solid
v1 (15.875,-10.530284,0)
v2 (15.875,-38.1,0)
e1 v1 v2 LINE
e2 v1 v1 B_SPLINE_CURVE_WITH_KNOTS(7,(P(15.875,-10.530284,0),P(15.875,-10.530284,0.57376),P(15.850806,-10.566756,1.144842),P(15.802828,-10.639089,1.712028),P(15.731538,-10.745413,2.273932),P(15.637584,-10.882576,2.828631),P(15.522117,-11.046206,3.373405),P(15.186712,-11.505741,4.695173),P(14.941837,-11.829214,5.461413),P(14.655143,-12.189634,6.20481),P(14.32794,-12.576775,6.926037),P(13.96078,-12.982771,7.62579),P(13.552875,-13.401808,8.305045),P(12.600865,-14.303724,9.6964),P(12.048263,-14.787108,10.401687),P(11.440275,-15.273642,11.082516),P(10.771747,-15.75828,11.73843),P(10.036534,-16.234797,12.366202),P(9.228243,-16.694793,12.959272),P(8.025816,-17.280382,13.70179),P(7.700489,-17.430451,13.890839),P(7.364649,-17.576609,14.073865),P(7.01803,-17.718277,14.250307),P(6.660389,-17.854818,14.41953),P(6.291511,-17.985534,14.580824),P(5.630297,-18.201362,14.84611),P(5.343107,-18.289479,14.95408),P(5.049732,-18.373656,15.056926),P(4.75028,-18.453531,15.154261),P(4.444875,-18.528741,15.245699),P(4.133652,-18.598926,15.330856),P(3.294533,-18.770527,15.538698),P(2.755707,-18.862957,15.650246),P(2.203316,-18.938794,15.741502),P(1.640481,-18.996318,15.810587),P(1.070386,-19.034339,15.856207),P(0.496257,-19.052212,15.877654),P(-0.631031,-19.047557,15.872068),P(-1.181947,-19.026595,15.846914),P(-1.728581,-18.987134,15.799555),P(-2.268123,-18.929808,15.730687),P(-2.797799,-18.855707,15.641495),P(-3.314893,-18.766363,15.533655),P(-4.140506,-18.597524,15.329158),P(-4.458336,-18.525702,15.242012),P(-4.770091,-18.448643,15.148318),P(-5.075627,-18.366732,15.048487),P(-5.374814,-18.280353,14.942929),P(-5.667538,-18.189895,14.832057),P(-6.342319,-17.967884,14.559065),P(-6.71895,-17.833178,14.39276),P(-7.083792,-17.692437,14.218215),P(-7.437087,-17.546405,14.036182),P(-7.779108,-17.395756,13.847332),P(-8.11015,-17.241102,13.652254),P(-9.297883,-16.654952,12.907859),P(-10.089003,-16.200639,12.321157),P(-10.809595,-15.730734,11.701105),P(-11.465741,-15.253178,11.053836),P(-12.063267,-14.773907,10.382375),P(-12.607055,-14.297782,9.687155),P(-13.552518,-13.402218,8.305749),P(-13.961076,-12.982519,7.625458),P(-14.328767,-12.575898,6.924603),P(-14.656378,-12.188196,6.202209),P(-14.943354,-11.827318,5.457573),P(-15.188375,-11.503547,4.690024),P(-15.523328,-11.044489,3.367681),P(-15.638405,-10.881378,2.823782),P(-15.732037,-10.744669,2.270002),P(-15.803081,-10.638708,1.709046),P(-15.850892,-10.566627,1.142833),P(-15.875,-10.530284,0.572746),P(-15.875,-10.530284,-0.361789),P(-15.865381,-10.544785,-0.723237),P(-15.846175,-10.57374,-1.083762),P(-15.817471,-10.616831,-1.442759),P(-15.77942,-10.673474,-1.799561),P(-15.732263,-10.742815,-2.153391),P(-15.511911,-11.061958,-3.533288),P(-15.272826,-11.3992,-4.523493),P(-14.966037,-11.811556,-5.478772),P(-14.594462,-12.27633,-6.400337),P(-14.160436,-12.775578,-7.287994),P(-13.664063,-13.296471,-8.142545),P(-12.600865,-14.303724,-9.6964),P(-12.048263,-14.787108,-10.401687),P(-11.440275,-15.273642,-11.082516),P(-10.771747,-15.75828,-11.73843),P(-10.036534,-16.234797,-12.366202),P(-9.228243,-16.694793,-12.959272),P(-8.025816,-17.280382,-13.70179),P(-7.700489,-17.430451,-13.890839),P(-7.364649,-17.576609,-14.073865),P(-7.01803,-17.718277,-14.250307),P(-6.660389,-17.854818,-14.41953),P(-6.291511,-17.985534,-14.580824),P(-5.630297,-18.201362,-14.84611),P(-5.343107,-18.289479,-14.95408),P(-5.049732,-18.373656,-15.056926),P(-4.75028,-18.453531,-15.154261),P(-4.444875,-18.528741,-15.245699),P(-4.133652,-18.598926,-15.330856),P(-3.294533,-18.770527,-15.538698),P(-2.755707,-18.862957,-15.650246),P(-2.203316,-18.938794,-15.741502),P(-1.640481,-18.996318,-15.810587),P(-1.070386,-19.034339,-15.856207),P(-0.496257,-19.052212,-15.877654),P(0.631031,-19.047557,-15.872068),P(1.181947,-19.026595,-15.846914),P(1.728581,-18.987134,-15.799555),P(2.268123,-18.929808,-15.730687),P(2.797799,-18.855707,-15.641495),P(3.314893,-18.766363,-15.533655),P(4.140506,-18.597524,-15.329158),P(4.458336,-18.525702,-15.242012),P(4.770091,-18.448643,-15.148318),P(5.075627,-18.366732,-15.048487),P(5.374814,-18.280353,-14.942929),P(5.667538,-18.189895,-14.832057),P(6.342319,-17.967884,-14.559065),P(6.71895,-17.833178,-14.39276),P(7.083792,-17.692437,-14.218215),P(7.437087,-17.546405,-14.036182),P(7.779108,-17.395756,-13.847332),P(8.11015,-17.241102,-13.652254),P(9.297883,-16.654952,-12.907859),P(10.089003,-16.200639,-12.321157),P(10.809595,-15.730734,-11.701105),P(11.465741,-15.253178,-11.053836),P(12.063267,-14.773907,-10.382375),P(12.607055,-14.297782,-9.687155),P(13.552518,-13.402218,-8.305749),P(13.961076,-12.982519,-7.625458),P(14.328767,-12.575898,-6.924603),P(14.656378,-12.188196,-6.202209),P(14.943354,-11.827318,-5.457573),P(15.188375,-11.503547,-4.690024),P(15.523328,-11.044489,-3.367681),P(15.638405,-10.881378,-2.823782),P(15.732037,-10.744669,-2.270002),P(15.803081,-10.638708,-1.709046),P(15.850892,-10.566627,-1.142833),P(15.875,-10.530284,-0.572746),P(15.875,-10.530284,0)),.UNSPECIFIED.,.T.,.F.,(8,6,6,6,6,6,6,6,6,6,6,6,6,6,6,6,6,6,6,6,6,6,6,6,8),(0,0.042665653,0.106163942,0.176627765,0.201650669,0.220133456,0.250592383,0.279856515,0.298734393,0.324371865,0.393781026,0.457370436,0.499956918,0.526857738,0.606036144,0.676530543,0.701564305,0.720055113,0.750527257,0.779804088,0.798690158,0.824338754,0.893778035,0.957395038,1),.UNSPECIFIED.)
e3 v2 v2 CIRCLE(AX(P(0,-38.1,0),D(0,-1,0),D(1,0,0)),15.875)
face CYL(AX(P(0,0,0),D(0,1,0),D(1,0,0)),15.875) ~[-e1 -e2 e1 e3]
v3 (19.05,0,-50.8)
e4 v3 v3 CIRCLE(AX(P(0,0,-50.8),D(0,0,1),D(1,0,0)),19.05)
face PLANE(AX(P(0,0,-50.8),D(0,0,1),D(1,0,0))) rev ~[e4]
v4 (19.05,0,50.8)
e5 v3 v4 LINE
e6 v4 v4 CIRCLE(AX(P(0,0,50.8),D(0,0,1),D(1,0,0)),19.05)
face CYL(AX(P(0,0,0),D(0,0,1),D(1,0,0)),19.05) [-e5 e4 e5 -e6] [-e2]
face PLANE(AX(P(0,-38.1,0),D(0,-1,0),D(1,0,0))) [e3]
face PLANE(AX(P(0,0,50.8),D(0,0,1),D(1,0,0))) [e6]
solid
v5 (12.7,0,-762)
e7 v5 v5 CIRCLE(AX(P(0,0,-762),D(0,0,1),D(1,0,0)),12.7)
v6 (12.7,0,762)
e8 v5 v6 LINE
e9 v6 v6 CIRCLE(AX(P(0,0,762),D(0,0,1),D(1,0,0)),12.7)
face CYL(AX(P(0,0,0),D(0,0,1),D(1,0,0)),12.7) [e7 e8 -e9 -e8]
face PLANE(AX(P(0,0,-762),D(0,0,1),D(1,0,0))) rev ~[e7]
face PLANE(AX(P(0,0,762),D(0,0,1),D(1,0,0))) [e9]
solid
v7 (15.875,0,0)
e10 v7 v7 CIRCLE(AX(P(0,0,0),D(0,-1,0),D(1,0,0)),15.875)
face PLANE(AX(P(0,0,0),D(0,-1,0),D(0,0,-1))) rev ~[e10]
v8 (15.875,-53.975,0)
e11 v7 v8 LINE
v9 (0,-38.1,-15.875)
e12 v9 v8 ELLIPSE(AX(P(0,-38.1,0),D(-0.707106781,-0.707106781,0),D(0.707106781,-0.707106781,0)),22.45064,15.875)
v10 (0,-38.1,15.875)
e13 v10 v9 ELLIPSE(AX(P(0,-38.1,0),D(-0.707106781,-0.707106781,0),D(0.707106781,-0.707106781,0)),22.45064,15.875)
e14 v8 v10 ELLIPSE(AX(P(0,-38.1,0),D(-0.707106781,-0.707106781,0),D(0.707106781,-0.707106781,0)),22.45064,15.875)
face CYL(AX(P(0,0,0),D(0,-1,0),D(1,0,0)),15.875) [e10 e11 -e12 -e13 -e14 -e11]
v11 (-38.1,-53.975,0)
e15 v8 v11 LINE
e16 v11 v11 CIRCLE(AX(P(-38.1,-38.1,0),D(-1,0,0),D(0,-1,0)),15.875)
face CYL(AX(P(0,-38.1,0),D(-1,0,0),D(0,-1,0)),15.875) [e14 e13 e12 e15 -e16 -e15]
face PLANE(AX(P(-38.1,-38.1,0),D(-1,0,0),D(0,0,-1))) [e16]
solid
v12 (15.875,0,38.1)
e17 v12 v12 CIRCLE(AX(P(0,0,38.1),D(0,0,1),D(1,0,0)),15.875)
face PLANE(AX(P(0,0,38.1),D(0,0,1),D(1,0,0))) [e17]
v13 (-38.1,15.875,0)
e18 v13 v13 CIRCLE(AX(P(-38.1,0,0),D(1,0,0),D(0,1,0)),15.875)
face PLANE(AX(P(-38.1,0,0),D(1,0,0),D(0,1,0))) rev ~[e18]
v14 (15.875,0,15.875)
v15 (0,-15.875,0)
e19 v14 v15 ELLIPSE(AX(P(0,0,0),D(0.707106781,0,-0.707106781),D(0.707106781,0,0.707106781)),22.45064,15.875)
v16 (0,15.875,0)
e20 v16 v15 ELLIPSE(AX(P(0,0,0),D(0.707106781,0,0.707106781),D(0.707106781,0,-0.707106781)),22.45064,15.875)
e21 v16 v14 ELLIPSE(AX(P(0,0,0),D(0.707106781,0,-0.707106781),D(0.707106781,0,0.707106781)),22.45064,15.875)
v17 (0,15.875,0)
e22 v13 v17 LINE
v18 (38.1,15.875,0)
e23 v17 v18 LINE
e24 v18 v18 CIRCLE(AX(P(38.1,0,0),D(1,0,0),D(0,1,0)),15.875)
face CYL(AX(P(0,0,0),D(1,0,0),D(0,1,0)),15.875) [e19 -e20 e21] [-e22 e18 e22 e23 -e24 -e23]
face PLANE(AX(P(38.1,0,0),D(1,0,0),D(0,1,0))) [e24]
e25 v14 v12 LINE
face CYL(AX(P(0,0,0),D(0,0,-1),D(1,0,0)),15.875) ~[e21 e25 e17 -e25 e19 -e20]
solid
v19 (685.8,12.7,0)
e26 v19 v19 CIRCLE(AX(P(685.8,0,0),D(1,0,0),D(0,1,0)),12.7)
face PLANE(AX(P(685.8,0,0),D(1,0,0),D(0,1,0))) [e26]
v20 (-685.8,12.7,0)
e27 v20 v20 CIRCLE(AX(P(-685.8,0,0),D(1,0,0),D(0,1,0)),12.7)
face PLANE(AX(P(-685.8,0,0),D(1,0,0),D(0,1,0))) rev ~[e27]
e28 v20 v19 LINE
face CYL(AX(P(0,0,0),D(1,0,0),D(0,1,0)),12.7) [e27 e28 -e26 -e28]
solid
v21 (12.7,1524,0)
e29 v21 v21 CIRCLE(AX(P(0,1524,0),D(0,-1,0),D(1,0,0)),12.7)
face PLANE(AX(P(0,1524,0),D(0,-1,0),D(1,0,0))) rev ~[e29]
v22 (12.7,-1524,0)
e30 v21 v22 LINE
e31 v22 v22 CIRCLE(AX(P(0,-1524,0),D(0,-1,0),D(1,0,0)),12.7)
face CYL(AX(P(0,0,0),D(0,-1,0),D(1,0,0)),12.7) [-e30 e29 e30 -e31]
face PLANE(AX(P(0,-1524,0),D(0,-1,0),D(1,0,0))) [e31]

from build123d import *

# Parameters (mm, degrees)
F0_R      = 12.7
F1_DEPTH  = 1524
F3_R      = 15.875
F5_R      = 12.7
F6_DEPTH  = 762
F7_R      = 15.875
F8_DEPTH  = 38.1
F9_R      = 15.875
F10_DEPTH = 38.1
F11_R     = 19.05
F12_DEPTH = 50.8
F13_R     = 15.875
F14_DEPTH = 38.1
F15_R     = 12.7
F16_DEPTH = 685.8


with BuildPart() as f1:
    # F0 (on Front) → F1 (new body, symmetric)
    with BuildSketch(Plane.XZ):
        Circle(F0_R)
    extrude(amount=F1_DEPTH, both=True)


with BuildPart() as f4:
    # F4: sweep along a path in F2
    with BuildLine(Plane.XY) as f4_path:
        Line((0, 0), (0, -38.1))
        Line((0, -38.1), (-38.1, -38.1))
    # F3 (on Front) → F4 (sweep)
    with BuildSketch(Plane.XZ):
        Circle(F3_R)
    sweep(path=f4_path.line, transition=Transition.RIGHT)


with BuildPart() as f6:
    # F5 (on Top) → F6 (new body, symmetric)
    with BuildSketch(Plane.XY):
        Circle(F5_R)
    extrude(amount=F6_DEPTH, both=True)


with BuildPart() as f8:
    # F7 (on Right) → F8 (new body, symmetric)
    with BuildSketch(Plane.YZ):
        Circle(F7_R)
    extrude(amount=F8_DEPTH, both=True)

    # F9 (on Top) → F10 (join)
    with BuildSketch(Plane.XY):
        Circle(F9_R)
    extrude(amount=F10_DEPTH)


with BuildPart() as f12:
    # F11 (on Top) → F12 (new body, symmetric)
    with BuildSketch(Plane.XY):
        Circle(F11_R)
    extrude(amount=F12_DEPTH, both=True)

    # F13 (on Front) → F14 (join)
    with BuildSketch(Plane.XZ):
        Circle(F13_R)
    extrude(amount=F14_DEPTH)


with BuildPart() as f16:
    # F15 (on Right) → F16 (new body, symmetric)
    with BuildSketch(Plane.YZ):
        Circle(F15_R)
    extrude(amount=F16_DEPTH, both=True)


solid = Compound([f1.part, f4.part, f6.part, f8.part, f12.part, f16.part])
